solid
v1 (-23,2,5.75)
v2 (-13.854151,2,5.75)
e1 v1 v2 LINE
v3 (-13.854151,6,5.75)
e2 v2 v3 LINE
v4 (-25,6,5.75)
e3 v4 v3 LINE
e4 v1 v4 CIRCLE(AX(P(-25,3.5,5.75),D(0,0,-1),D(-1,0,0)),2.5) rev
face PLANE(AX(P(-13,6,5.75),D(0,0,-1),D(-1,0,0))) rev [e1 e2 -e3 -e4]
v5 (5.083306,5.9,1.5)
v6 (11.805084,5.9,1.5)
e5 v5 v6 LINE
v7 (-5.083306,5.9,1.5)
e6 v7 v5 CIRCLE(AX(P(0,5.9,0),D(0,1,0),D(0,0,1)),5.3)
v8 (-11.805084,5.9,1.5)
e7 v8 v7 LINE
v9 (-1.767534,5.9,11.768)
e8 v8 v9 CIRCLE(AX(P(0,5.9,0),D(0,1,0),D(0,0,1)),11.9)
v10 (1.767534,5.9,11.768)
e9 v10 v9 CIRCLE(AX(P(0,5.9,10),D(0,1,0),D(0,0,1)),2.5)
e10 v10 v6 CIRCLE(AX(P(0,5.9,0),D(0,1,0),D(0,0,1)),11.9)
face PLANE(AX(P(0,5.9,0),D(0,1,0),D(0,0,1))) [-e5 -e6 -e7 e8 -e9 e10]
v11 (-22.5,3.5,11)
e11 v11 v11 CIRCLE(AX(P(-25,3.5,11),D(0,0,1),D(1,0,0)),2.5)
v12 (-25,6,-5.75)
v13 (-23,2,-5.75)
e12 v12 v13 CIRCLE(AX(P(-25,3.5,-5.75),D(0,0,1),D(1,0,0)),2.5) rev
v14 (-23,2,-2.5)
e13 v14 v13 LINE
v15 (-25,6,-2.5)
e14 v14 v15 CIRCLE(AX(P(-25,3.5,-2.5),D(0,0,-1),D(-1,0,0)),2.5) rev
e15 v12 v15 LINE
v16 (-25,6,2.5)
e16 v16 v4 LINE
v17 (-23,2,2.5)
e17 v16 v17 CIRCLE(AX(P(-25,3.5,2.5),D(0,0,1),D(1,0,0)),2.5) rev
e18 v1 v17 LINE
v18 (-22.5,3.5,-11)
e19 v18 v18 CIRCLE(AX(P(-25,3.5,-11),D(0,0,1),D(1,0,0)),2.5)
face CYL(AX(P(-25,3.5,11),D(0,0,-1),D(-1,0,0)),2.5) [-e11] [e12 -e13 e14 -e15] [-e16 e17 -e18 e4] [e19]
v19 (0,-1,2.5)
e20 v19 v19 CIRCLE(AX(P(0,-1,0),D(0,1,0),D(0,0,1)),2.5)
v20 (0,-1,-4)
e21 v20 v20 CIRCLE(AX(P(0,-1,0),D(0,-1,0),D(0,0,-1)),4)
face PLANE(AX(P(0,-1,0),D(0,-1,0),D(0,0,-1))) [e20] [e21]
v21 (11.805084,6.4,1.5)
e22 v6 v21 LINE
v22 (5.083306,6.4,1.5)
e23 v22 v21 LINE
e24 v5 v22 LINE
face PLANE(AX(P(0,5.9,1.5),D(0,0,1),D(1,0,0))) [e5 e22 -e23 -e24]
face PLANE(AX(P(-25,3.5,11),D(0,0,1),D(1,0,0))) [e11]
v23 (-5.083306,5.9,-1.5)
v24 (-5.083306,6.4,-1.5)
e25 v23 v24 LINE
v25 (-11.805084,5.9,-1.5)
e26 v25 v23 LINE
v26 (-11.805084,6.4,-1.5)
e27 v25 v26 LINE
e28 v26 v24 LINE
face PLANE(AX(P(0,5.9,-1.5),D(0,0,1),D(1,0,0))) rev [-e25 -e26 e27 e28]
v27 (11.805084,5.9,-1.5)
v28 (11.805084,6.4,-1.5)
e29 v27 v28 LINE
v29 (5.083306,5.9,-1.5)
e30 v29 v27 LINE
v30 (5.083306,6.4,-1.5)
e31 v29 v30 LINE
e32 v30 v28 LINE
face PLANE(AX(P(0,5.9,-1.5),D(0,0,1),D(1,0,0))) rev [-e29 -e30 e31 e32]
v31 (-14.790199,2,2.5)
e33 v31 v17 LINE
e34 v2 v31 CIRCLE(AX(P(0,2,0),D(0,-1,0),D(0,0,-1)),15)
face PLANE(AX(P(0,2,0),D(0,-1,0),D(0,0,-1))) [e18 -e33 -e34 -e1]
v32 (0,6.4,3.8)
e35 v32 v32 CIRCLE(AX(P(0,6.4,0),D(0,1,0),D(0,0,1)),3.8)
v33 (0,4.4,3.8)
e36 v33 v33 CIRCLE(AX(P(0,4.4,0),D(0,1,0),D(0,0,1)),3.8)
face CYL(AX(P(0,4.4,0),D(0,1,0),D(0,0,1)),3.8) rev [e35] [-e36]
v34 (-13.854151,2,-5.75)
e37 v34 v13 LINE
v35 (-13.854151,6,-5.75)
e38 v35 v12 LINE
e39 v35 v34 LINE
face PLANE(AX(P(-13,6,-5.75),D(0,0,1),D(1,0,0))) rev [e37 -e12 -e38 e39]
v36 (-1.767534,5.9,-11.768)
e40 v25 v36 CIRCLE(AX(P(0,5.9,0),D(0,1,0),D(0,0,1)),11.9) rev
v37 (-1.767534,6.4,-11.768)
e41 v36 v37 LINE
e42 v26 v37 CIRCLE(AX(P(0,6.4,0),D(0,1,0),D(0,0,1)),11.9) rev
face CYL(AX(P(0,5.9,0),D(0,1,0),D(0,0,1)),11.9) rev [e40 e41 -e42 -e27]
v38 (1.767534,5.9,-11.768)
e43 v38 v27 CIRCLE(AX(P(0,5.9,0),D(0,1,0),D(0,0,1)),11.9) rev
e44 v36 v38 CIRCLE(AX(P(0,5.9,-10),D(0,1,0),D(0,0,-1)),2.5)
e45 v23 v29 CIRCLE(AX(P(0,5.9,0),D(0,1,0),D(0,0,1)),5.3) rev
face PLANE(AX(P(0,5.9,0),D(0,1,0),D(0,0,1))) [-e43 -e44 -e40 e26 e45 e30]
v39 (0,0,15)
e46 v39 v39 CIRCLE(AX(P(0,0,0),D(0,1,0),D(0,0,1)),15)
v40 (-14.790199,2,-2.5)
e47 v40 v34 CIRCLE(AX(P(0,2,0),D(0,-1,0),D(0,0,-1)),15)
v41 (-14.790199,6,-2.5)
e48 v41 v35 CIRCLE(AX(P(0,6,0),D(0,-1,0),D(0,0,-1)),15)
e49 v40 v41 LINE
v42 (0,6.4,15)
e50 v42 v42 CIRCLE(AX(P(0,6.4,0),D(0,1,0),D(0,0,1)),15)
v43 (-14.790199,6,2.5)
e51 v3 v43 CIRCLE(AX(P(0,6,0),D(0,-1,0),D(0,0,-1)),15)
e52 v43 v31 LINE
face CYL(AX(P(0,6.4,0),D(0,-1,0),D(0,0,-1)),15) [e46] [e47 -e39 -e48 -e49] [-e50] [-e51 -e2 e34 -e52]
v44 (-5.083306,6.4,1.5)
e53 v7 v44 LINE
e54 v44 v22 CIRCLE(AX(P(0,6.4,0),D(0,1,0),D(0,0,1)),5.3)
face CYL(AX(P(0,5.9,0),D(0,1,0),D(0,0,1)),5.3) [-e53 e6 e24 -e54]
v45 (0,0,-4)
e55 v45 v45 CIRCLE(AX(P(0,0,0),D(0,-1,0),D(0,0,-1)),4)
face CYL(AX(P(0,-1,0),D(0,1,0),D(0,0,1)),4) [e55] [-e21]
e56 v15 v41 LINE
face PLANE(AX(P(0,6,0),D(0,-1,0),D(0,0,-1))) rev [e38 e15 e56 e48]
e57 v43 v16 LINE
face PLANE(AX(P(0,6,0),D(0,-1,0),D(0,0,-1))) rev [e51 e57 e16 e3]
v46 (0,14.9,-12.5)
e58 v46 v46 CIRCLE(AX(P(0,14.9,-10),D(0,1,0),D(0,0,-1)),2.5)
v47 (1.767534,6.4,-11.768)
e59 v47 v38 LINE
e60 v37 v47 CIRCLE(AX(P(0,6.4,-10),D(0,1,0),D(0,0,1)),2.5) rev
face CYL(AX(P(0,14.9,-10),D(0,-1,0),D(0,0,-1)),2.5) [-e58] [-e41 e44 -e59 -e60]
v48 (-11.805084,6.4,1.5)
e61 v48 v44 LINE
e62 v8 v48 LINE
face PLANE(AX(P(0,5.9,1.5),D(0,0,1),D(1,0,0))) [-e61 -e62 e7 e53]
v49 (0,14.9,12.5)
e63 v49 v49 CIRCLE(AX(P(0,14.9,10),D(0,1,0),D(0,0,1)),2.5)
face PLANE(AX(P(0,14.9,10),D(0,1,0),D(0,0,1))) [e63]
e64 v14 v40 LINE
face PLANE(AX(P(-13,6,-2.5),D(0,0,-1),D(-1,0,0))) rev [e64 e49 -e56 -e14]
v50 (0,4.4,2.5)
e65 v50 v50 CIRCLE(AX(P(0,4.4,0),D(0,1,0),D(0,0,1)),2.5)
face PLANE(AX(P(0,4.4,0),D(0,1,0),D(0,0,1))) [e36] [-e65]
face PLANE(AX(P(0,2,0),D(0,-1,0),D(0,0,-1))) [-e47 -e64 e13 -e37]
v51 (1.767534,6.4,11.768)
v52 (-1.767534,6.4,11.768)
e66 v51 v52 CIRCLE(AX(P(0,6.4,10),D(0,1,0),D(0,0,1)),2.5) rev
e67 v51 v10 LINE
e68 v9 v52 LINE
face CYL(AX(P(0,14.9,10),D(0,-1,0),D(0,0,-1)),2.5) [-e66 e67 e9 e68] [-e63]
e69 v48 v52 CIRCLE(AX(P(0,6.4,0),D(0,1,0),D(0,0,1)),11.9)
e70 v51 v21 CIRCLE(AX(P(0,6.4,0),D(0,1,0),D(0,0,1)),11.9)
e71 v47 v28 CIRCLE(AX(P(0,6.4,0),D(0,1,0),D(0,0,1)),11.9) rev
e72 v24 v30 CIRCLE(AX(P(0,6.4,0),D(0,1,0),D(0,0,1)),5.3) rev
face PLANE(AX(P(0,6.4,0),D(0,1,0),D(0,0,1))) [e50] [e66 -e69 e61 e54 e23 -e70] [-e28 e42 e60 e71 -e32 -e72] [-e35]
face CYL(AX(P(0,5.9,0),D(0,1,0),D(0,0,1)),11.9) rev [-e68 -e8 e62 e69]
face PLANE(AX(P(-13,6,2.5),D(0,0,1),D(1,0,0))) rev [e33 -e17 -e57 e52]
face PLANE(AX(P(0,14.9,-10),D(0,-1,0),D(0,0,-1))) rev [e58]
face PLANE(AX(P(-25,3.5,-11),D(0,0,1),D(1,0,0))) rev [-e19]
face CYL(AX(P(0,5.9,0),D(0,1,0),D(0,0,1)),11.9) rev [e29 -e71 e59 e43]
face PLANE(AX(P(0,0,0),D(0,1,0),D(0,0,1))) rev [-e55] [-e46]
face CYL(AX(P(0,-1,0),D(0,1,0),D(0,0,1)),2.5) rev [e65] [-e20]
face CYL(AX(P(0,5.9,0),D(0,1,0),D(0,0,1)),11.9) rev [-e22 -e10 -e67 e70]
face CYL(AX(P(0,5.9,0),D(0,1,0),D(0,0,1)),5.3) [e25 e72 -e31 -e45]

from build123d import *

# Parameters (mm, degrees)
SKETCH1_R           = 15
BOSS_EXTRUDE1_DEPTH = 6.4
CUT_EXTRUDE1_DEPTH  = 0.5
SKETCH3_R           = 2.5
BOSS_EXTRUDE2_DEPTH = 9
SKETCH4_R           = 3.8
CUT_EXTRUDE2_DEPTH  = 2
SKETCH6_R           = 4
BOSS_EXTRUDE3_DEPTH = 1
SKETCH5_R           = 2.5
CUT_EXTRUDE3_DEPTH  = 6.4
SKETCH8_W           = 12
SKETCH8_H           = 3.25
BOSS_EXTRUDE4_DEPTH = 4
SKETCH9_R           = 2.5
BOSS_EXTRUDE6_DEPTH = 11


with BuildPart() as part:
    # Sketch1 → Boss-Extrude1 (new body)
    with BuildSketch(Plane(origin=(0, 0, 0), x_dir=(1, 0, 0), z_dir=(0, 1, 0))):
        Circle(SKETCH1_R)
    extrude(amount=BOSS_EXTRUDE1_DEPTH)

    # Sketch2 → Cut-Extrude1 (cut)
    with BuildSketch(Plane(origin=(0, 6.4, 0), x_dir=(1, 0, 0), z_dir=(0, 1, 0))):
        with BuildLine():
            ThreePointArc((-5.083306011, -1.5), (0, -5.3), (5.083306011, -1.5))
            Line((5.083306011, -1.5), (11.805083651, -1.5))
            ThreePointArc((11.805083651, -1.5), (0, -11.9), (-11.805083651, -1.5))
            Line((-11.805083651, -1.5), (-5.083306011, -1.5))
        make_face()
        with BuildLine():
            Line((-11.805083651, 1.5), (-5.083306011, 1.5))
            ThreePointArc((-5.083306011, 1.5), (0, 5.3), (5.083306011, 1.5))
            Line((5.083306011, 1.5), (11.805083651, 1.5))
            ThreePointArc((11.805083651, 1.5), (0, 11.9), (-11.805083651, 1.5))
        make_face()
    extrude(amount=-CUT_EXTRUDE1_DEPTH, mode=Mode.SUBTRACT)

    # Sketch3 → Boss-Extrude2 (add)
    with BuildSketch(Plane(origin=(0, 5.9, 0), x_dir=(1, 0, 0), z_dir=(0, 1, 0))):
        with Locations((0, -10)):
            Circle(SKETCH3_R)
        with Locations((0, 10)):
            Circle(SKETCH3_R)
    extrude(amount=BOSS_EXTRUDE2_DEPTH)

    # Sketch4 → Cut-Extrude2 (cut)
    with BuildSketch(Plane(origin=(0, 6.4, 0), x_dir=(1, 0, 0), z_dir=(0, 1, 0))):
        Circle(SKETCH4_R)
    extrude(amount=-CUT_EXTRUDE2_DEPTH, mode=Mode.SUBTRACT)

    # Sketch6 → Boss-Extrude3 (add)
    with BuildSketch(Plane.XZ):
        Circle(SKETCH6_R)
    extrude(amount=BOSS_EXTRUDE3_DEPTH)

    # Sketch5 → Cut-Extrude3 (cut, through all)
    with BuildSketch(Plane(origin=(0, 4.4, 0), x_dir=(1, 0, 0), z_dir=(0, 1, 0))):
        Circle(SKETCH5_R)
    extrude(amount=-CUT_EXTRUDE3_DEPTH, mode=Mode.SUBTRACT)

    # Sketch8 → Boss-Extrude4 (add)
    with BuildSketch(Plane(origin=(0, 2, 0), x_dir=(1, 0, 0), z_dir=(0, 1, 0))):
        with Locations((-19, 4.125)):
            Rectangle(SKETCH8_W, SKETCH8_H)
        with Locations((-19, -4.125)):
            Rectangle(SKETCH8_W, SKETCH8_H)
    extrude(amount=BOSS_EXTRUDE4_DEPTH)

    # Sketch9 → Boss-Extrude6 (add, symmetric)
    with BuildSketch(Plane.XY):
        with Locations((-25, 3.5)):
            Circle(SKETCH9_R)
    extrude(amount=BOSS_EXTRUDE6_DEPTH, both=True)


solid = part.part
